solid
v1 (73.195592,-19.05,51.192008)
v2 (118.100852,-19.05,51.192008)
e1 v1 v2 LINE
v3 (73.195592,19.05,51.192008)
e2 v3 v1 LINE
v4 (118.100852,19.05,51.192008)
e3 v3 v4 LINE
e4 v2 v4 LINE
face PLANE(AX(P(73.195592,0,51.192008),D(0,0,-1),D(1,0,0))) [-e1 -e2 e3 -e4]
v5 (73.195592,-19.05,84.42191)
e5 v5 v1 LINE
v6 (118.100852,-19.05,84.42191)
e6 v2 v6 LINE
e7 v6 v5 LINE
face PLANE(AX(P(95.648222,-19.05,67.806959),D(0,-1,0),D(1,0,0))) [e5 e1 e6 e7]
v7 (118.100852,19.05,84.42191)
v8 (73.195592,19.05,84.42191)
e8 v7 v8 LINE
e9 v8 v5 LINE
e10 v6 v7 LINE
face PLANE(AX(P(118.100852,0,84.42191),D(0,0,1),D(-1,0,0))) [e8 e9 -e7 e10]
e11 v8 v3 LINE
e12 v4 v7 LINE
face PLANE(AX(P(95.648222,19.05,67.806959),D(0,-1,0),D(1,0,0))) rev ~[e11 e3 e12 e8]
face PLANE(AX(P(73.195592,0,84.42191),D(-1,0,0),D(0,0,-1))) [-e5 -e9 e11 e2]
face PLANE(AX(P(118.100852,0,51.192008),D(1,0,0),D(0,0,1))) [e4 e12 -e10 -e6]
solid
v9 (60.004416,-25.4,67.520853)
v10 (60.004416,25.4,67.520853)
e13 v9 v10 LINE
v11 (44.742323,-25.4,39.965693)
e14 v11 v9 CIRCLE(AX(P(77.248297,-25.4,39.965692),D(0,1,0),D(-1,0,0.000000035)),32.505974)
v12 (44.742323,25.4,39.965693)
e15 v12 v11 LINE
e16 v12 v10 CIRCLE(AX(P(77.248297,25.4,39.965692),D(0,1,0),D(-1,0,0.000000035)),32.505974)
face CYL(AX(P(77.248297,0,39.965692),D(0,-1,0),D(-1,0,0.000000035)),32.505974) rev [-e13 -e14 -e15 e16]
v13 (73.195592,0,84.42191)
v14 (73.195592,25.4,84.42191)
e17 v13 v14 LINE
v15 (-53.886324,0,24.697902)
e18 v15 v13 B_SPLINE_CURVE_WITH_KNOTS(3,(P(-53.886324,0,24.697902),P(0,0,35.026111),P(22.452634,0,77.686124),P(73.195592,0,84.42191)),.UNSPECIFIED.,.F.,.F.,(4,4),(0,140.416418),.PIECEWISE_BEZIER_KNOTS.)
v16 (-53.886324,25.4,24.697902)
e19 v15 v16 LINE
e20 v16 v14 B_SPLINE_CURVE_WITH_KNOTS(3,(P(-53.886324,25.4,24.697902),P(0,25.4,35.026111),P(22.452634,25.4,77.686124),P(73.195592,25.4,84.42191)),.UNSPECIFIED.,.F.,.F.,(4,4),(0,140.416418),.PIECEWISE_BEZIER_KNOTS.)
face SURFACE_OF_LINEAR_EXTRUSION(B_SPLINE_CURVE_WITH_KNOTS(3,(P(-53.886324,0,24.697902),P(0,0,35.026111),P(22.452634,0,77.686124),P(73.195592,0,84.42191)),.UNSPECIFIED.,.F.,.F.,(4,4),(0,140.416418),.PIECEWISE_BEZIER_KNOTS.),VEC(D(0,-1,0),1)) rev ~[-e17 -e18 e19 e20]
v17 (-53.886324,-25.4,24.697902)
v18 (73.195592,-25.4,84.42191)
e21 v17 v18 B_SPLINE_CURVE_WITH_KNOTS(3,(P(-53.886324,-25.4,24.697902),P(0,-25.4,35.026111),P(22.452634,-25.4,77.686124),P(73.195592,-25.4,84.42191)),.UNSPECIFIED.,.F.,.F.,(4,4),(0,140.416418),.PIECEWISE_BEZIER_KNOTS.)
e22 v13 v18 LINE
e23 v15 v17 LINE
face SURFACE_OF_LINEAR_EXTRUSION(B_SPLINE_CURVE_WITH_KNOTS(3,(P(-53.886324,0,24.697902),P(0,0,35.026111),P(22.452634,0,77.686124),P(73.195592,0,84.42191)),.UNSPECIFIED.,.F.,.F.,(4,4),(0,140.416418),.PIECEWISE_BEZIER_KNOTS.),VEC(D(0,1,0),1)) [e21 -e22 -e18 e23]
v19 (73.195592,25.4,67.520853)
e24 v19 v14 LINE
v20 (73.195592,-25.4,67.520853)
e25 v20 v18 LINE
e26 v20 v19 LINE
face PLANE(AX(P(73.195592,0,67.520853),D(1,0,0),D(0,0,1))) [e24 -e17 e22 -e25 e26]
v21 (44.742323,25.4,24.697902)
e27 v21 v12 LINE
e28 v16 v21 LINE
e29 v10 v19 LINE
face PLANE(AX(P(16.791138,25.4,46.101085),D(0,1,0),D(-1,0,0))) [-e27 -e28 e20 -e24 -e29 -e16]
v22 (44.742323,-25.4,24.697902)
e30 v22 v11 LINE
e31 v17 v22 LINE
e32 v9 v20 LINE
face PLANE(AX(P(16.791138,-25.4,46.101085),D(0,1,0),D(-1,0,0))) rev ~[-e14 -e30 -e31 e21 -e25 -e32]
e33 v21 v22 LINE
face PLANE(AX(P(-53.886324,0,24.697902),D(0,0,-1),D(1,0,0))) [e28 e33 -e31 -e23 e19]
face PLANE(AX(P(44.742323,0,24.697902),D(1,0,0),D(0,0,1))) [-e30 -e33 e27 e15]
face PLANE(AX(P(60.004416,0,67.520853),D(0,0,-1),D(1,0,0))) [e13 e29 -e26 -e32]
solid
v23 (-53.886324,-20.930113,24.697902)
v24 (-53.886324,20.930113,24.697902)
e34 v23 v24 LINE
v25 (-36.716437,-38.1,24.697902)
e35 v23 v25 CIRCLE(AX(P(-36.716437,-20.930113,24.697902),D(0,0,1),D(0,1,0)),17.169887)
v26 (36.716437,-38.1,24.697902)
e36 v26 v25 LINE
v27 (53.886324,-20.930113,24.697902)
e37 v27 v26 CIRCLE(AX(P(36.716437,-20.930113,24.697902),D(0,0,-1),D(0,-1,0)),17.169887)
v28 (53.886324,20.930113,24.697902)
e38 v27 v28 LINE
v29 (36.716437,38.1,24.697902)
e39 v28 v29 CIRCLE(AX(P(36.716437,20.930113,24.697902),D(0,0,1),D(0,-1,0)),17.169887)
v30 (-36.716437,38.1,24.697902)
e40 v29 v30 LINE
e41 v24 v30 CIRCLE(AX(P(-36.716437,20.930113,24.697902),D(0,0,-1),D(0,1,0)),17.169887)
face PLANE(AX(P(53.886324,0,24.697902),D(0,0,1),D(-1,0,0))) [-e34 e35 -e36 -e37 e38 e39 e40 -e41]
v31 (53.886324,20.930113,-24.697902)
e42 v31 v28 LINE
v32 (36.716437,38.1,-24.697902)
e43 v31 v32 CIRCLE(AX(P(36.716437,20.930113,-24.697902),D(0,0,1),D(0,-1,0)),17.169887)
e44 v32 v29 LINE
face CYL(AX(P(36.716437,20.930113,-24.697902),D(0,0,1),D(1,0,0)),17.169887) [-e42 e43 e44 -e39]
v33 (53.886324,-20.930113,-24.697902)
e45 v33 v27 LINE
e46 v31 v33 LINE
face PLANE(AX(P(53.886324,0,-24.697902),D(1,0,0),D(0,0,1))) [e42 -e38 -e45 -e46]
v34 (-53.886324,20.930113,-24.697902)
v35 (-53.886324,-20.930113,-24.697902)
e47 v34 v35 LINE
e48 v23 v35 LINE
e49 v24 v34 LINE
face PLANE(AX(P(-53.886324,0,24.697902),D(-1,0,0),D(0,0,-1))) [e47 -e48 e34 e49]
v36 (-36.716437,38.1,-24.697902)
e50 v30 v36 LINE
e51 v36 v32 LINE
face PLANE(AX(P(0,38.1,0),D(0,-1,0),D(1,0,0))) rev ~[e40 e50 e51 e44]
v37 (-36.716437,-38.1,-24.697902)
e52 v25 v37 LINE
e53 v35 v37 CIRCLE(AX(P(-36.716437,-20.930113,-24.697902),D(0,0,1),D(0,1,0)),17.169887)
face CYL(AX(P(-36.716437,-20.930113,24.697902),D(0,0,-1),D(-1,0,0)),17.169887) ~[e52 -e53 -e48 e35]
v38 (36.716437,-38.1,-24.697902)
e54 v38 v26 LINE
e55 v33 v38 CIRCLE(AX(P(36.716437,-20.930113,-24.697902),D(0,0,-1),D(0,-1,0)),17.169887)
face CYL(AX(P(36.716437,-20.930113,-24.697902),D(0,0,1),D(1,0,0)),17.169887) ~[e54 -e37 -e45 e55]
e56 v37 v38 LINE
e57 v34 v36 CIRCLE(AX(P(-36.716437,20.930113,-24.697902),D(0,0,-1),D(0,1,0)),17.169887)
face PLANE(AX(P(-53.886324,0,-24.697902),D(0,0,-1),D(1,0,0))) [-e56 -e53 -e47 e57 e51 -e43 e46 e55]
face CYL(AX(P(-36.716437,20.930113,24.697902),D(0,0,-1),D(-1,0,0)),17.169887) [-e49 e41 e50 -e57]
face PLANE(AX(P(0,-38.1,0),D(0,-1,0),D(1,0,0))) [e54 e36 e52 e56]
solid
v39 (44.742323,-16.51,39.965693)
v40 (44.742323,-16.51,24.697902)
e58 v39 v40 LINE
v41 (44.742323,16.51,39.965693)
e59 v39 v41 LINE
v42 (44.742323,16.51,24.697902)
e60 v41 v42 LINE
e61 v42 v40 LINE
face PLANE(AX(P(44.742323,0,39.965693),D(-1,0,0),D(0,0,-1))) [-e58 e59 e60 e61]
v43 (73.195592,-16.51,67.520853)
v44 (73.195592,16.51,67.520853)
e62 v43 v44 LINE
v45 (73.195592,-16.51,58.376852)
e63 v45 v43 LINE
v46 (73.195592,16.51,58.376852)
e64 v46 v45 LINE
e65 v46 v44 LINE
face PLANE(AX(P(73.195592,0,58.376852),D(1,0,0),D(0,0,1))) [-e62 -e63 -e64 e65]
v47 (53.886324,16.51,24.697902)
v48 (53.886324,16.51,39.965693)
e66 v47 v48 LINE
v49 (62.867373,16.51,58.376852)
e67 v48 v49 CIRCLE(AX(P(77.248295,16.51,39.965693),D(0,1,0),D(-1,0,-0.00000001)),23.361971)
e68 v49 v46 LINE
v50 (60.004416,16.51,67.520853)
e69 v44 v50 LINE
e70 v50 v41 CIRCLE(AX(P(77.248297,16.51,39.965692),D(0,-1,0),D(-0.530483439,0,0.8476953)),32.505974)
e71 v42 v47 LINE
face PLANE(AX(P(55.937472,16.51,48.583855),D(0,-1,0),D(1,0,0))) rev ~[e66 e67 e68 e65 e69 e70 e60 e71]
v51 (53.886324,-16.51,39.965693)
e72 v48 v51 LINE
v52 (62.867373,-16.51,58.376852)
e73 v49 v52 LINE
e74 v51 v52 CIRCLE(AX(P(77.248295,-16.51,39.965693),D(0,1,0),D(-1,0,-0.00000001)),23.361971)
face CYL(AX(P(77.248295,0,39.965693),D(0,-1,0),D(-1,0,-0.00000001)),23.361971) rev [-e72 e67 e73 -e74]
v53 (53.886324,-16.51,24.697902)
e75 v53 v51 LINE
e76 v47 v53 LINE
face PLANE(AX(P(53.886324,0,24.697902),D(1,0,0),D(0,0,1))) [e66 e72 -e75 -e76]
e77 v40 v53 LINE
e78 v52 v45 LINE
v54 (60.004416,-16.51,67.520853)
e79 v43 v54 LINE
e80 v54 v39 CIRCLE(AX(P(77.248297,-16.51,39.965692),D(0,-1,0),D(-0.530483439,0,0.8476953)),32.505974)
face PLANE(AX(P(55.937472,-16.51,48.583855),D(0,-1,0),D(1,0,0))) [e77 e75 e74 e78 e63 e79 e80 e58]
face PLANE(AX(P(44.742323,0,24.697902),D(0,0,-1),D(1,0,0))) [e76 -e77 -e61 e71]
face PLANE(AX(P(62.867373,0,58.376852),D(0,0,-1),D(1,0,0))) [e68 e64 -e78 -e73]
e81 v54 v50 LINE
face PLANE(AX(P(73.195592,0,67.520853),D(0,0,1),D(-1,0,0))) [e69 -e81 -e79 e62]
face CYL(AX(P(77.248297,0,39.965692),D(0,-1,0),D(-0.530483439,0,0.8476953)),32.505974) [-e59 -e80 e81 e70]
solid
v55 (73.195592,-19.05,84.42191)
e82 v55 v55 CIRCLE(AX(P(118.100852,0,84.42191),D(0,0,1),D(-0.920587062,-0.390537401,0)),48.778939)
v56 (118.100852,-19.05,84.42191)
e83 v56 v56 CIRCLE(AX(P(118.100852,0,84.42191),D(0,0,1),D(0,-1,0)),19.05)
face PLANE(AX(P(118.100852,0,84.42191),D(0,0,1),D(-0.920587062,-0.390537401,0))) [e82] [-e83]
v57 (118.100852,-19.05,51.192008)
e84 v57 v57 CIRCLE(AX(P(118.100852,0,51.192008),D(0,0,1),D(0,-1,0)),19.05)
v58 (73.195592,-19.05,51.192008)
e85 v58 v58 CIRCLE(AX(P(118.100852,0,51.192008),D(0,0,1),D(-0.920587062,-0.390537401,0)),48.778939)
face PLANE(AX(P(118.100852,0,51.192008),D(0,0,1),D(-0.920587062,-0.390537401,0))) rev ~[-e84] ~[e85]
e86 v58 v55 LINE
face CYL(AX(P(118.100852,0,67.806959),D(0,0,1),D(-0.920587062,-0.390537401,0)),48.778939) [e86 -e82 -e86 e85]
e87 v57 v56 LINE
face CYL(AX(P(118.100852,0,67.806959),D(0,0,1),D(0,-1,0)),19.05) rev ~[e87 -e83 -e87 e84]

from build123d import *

# Parameters (mm, degrees)
F1_DEPTH  = 38.1
F2_DEPTH  = 19.05
F3_DEPTH  = 25.4
F4_DEPTH  = 16.51
F2_FACE_W = 44.90526
F2_FACE_H = 33.229902
F6_R      = 17.169887


with BuildPart() as f1:
    # F0 (on Front) → F1 (new body, symmetric)
    with BuildSketch(Plane.XZ):
        Polygon((44.742323, 24.697902), (-53.886324, 24.697902), (-53.886324, -24.697902), (53.886324, -24.697902), (53.886324, 24.697902), align=None)
    extrude(amount=F1_DEPTH, both=True)

    # F6
    f6_edges = [f1.edges().sort_by_distance(p)[0] for p in [
        (-53.886324, -38.1, 0),
        (53.886324, -38.1, 0),
        (53.886324, 38.1, 0),
        (-53.886324, 38.1, 0),
    ]]
    fillet(f6_edges, radius=F6_R)


with BuildPart() as f2:
    # F0 (on Front) → F2 (new body, symmetric)
    with BuildSketch(Plane.XZ):
        Polygon((118.100852, 84.42191), (73.195592, 84.42191), (73.195592, 67.520853), (73.195592, 58.376852), (73.195592, 51.192008), (118.100852, 51.192008), align=None)
    extrude(amount=F2_DEPTH, both=True)


with BuildPart() as f3:
    # F0 (on Front) → F3 (new body, symmetric)
    with BuildSketch(Plane.XZ):
        with BuildLine():
            add(Edge.make_bspline(
                [(-53.886324, 24.697902), (0, 35.026111), (22.452634, 77.686124), (73.195592, 84.42191)],
                knots=[0, 0, 0, 0, 140.416418, 140.416418, 140.416418, 140.416418], degree=3))
            Line((-53.886324, 24.697902), (44.742323, 24.697902))
            Line((44.742323, 24.697902), (44.742323, 39.965693))
            ThreePointArc((44.742323, 39.965693), (48.81269, 55.715441), (60.004416, 67.520853))
            Line((60.004416, 67.520853), (73.195592, 67.520853))
            Line((73.195592, 67.520853), (73.195592, 84.42191))
        make_face()
    extrude(amount=F3_DEPTH, both=True)


with BuildPart() as f4:
    # F0 (on Front) → F4 (new body, symmetric)
    with BuildSketch(Plane.XZ):
        with BuildLine():
            Line((44.742323, 39.965693), (44.742323, 24.697902))
            Line((44.742323, 24.697902), (53.886324, 24.697902))
            Line((53.886324, 24.697902), (53.886324, 39.965693))
            ThreePointArc((53.886324, 39.965693), (56.251291, 50.20813), (62.867373, 58.376852))
            Line((62.867373, 58.376852), (73.195592, 58.376852))
            Line((73.195592, 58.376852), (73.195592, 67.520853))
            Line((73.195592, 67.520853), (60.004416, 67.520853))
            ThreePointArc((60.004416, 67.520853), (48.81269, 55.715441), (44.742323, 39.965693))
        make_face()
    extrude(amount=F4_DEPTH, both=True)


with BuildPart() as f5:
    # F2_face (on face) → F5 (revolve)
    with BuildSketch(Plane(origin=(95.648222, -19.05, 67.806959), x_dir=(1, 0, 0), z_dir=(0, -1, 0))):
        Rectangle(F2_FACE_W, F2_FACE_H)
    revolve(axis=Axis((118.100852, 0, 67.806959), (0, 0, 1)))


solid = Compound([f1.part, f2.part, f3.part, f4.part, f5.part])
